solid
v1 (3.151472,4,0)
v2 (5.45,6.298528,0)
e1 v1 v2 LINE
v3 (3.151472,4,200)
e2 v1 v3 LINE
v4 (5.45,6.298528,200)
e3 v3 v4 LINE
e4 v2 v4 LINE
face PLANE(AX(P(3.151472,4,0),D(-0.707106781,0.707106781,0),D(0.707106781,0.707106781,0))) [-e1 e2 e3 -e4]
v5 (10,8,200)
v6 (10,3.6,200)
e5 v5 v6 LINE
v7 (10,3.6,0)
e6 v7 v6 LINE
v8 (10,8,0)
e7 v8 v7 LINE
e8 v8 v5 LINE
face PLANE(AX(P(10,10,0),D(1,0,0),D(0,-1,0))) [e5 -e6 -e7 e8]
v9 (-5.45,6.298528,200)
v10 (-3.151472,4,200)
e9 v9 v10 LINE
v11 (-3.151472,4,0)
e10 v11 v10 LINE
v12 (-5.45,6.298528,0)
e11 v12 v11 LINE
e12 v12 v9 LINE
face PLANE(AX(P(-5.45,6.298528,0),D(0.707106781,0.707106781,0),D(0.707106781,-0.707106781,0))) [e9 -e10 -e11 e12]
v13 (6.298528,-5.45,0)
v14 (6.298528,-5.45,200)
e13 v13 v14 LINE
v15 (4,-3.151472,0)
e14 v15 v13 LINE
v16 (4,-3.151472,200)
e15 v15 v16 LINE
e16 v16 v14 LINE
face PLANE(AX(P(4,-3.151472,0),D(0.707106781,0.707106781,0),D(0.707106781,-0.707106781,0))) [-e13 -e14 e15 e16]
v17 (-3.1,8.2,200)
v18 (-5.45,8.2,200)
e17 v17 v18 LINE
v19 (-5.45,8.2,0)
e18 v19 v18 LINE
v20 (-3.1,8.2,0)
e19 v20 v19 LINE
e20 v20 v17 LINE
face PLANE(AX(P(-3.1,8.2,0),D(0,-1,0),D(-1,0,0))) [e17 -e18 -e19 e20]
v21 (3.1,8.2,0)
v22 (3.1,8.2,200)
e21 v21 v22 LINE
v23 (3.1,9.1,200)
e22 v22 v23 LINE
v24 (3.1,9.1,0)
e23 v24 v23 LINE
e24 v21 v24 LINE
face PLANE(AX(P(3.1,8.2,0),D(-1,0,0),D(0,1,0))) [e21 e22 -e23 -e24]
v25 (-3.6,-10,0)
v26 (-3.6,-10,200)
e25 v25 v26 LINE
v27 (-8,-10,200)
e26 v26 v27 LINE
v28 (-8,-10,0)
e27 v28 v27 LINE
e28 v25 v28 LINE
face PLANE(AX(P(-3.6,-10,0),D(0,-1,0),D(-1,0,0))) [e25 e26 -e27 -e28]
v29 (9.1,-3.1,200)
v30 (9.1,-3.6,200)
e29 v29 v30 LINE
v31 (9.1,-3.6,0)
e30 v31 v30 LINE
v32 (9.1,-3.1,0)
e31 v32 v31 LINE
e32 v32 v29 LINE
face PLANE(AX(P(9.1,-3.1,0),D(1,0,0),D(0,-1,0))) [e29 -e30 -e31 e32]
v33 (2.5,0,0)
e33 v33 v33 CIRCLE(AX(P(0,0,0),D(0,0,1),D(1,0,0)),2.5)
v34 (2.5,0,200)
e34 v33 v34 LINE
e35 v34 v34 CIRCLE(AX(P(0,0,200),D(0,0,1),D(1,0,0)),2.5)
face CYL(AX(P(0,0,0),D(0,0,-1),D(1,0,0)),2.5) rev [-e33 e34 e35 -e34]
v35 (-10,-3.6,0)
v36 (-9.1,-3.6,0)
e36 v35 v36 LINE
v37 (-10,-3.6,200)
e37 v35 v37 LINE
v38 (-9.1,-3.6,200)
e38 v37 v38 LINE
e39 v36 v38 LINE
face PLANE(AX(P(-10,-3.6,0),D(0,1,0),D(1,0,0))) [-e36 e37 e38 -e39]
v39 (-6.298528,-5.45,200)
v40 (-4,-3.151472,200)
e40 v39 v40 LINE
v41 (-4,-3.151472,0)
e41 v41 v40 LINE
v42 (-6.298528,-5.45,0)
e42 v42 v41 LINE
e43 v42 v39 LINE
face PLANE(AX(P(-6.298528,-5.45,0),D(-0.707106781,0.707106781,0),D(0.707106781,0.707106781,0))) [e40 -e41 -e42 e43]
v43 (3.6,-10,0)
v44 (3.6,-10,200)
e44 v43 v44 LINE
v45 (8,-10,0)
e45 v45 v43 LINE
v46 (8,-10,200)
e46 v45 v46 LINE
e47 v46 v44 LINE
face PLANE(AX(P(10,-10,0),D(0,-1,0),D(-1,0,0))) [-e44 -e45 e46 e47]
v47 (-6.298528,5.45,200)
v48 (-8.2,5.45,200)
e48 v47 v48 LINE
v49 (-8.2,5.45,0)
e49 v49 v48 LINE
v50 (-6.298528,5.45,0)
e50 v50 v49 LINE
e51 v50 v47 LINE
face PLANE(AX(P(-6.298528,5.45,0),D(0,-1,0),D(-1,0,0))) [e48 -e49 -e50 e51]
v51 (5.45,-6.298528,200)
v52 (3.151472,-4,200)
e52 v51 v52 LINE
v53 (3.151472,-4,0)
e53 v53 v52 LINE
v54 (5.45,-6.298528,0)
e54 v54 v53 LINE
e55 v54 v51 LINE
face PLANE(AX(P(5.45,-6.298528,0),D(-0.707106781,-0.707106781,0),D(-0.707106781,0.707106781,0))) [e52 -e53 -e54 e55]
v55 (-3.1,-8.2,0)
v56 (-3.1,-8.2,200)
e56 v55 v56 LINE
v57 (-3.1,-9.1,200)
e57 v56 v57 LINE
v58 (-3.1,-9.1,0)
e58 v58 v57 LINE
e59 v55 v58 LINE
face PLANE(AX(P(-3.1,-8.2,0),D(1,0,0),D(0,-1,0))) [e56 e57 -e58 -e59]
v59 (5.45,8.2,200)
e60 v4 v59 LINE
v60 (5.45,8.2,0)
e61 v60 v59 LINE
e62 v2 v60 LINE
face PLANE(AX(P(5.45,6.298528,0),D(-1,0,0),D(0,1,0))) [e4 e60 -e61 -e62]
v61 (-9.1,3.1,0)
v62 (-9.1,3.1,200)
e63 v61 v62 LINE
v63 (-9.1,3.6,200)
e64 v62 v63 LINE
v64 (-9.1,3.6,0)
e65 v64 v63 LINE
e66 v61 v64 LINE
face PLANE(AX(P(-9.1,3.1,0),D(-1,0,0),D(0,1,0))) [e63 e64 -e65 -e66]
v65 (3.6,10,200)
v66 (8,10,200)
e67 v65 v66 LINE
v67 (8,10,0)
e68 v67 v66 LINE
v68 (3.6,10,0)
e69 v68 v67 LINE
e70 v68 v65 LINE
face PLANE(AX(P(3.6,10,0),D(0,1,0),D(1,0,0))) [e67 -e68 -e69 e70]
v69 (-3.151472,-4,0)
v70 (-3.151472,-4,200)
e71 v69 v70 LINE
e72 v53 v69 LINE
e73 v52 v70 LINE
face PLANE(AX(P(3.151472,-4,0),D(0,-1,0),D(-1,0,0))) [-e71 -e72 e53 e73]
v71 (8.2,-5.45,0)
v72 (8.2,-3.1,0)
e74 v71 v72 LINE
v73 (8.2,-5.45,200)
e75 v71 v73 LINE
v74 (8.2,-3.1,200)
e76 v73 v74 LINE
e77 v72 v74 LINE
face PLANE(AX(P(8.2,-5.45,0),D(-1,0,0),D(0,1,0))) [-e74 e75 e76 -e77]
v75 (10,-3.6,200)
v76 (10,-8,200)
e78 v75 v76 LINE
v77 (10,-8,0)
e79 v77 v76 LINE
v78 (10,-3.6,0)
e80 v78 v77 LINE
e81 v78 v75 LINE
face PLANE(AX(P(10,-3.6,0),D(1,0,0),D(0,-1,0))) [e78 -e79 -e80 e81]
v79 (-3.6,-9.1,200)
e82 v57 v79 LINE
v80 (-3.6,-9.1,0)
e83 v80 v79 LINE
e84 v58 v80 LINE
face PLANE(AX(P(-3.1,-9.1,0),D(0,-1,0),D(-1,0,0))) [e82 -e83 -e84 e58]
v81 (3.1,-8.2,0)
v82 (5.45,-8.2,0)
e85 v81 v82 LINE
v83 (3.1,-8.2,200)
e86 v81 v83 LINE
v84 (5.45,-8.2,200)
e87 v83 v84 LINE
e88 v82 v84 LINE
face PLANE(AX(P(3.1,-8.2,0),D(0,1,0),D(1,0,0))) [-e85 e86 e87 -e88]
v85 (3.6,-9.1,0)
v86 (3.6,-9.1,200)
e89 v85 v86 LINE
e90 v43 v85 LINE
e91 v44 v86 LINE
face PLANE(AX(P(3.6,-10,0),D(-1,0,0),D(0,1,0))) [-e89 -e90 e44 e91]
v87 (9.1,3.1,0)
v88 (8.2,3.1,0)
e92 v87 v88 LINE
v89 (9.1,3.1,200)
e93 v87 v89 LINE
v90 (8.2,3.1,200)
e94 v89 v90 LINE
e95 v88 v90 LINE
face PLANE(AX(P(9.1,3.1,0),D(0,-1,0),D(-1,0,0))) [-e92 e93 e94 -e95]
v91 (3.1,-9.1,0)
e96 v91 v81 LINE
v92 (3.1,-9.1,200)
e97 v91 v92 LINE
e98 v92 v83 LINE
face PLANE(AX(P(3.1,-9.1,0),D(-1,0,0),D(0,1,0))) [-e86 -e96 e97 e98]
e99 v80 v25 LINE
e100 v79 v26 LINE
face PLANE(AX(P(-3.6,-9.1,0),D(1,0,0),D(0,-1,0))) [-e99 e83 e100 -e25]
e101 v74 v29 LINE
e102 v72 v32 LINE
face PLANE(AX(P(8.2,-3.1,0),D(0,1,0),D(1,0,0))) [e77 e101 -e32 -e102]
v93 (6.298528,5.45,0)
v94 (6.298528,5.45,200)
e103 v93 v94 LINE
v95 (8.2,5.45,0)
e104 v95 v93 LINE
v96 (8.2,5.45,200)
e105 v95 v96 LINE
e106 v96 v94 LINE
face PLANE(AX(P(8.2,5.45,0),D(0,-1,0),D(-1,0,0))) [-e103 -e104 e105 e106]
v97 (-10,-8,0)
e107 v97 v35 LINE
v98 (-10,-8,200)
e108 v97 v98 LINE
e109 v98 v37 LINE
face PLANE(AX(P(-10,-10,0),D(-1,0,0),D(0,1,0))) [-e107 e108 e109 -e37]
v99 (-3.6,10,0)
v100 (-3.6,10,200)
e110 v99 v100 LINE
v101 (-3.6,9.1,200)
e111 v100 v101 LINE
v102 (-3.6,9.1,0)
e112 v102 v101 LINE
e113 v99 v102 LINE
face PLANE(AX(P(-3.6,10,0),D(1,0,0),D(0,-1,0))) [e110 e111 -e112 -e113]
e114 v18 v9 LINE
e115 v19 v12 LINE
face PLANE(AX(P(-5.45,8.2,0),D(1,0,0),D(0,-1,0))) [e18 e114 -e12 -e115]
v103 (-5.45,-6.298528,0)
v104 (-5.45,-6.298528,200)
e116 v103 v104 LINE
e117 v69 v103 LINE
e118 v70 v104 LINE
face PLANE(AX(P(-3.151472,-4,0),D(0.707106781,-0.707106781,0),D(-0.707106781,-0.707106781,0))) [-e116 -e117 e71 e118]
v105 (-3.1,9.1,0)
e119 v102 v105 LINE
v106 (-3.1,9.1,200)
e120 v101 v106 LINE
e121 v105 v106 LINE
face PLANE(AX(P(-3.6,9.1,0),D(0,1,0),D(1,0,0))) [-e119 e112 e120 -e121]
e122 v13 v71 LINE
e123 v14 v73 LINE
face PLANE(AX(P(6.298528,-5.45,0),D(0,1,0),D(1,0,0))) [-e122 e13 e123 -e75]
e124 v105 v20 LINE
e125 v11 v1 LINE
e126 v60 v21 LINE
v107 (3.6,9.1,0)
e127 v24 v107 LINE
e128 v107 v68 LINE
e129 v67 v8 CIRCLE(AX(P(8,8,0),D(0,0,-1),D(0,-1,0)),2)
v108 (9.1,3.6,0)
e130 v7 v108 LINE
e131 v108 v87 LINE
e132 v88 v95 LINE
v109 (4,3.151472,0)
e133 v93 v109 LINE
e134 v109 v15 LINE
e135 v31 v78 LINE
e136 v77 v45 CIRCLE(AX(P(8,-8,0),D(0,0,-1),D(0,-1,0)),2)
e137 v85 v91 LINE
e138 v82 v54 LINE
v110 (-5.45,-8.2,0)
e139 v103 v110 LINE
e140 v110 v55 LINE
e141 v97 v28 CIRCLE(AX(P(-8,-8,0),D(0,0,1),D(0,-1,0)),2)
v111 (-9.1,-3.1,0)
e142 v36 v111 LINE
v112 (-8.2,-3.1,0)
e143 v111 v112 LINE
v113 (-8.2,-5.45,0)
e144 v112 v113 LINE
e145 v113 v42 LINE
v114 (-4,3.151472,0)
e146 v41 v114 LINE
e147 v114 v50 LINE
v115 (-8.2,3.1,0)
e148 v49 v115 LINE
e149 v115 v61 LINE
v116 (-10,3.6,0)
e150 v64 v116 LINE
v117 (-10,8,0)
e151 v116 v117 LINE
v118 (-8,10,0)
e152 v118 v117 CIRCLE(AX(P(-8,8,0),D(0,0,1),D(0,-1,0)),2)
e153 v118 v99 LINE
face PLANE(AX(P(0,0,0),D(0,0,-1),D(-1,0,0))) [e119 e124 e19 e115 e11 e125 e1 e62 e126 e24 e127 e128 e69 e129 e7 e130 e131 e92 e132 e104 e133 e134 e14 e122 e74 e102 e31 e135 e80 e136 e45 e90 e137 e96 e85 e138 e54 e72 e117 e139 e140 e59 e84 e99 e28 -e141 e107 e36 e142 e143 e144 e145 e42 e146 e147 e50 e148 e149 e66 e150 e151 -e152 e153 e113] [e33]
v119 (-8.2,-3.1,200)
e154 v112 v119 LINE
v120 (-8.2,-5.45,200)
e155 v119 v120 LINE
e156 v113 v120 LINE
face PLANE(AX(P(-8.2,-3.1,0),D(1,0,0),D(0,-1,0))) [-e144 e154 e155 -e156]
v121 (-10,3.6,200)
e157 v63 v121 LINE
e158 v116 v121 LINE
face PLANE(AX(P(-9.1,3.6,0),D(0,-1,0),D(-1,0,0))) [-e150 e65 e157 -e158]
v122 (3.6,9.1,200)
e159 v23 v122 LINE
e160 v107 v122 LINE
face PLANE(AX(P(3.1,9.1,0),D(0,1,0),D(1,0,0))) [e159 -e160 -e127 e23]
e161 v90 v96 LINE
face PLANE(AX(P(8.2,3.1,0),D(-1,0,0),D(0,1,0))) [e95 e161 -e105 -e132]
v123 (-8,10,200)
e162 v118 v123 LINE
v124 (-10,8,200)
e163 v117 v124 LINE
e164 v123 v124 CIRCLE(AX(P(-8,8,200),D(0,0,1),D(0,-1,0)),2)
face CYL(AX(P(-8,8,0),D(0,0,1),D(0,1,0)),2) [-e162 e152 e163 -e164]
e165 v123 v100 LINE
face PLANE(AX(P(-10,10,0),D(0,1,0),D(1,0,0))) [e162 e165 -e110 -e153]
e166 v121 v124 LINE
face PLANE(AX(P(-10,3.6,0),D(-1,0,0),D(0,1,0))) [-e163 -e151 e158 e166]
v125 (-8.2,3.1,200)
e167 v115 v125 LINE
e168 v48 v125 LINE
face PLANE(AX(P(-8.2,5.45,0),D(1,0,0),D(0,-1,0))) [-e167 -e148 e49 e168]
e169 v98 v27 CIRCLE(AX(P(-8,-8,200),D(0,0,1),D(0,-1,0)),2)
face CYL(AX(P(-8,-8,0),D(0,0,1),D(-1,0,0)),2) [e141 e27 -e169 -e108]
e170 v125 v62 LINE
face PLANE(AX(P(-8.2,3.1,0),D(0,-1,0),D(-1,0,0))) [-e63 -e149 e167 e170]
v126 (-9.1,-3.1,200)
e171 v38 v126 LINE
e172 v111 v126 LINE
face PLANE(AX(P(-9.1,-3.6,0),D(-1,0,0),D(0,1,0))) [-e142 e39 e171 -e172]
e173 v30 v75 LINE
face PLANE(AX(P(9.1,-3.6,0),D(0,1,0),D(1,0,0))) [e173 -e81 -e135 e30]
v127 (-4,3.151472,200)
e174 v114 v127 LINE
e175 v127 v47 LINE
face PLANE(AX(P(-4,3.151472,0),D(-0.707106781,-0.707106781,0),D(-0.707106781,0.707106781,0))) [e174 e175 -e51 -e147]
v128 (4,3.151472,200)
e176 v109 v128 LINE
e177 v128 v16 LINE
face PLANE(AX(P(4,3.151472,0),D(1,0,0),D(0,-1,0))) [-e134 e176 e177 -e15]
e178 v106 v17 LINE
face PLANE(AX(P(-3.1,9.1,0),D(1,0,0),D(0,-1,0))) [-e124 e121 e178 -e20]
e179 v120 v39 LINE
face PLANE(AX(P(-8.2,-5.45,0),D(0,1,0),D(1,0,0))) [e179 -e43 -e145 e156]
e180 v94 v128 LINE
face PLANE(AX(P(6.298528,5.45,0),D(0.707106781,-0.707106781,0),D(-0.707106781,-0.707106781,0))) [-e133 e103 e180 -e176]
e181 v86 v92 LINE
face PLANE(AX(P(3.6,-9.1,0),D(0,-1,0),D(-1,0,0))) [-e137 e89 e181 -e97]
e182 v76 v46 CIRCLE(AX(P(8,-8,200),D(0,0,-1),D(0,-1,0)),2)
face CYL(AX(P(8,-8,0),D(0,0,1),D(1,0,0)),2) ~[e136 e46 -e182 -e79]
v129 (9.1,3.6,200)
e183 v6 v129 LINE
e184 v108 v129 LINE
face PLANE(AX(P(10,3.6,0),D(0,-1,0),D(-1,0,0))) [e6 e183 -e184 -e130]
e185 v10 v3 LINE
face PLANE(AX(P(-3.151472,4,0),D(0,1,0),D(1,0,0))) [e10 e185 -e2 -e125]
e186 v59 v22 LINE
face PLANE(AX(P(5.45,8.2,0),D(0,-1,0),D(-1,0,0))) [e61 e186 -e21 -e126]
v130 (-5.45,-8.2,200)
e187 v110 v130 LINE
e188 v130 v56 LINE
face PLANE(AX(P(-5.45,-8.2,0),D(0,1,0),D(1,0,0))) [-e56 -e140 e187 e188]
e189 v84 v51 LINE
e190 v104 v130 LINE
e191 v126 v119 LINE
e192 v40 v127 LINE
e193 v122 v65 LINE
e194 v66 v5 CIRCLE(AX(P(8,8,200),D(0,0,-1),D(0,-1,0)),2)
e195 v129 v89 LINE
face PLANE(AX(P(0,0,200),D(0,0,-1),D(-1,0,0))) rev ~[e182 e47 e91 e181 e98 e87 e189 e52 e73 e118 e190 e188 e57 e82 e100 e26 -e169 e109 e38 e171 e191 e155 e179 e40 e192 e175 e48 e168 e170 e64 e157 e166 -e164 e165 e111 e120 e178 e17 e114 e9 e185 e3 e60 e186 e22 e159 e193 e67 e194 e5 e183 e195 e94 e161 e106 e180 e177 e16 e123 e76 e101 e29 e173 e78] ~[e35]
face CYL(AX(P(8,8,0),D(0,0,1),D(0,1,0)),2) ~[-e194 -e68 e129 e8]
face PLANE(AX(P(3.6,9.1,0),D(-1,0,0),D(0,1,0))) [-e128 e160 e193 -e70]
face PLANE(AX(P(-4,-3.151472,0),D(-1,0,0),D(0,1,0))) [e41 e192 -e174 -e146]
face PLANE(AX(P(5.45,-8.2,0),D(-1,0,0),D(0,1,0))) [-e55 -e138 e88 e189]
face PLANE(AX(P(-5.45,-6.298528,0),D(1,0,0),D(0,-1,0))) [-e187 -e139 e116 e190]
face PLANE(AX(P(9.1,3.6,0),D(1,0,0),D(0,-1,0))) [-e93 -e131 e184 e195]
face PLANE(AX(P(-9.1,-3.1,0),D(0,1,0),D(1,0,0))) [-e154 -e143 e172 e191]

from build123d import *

# Parameters (mm, degrees)
SKETCH_1_R      = 2.5
EXTRUDE_1_DEPTH = 200
FILLET_1_R      = 2


with BuildPart() as part:
    # 草图1 → 凸台-拉伸1 (new body)
    with BuildSketch(Plane.XY):
        Polygon((-3.151471863, 4), (3.151471863, 4), (5.45, 6.298528137), (5.45, 8.2), (3.1, 8.2), (3.1, 9.1), (3.6, 9.1), (3.6, 10), (10, 10), (10, 3.6), (9.1, 3.6), (9.1, 3.1), (8.2, 3.1), (8.2, 5.45), (6.298528137, 5.45), (4, 3.151471863), (4, -3.151471863), (6.298528137, -5.45), (8.2, -5.45), (8.2, -3.1), (9.1, -3.1), (9.1, -3.6), (10, -3.6), (10, -10), (3.6, -10), (3.6, -9.1), (3.1, -9.1), (3.1, -8.2), (5.45, -8.2), (5.45, -6.298528137), (3.151471863, -4), (-3.151471863, -4), (-5.45, -6.298528137), (-5.45, -8.2), (-3.1, -8.2), (-3.1, -9.1), (-3.6, -9.1), (-3.6, -10), (-10, -10), (-10, -3.6), (-9.1, -3.6), (-9.1, -3.1), (-8.2, -3.1), (-8.2, -5.45), (-6.298528137, -5.45), (-4, -3.151471863), (-4, 3.151471863), (-6.298528137, 5.45), (-8.2, 5.45), (-8.2, 3.1), (-9.1, 3.1), (-9.1, 3.6), (-10, 3.6), (-10, 10), (-3.6, 10), (-3.6, 9.1), (-3.1, 9.1), (-3.1, 8.2), (-5.45, 8.2), (-5.45, 6.298528137), align=None)
        Circle(SKETCH_1_R, mode=Mode.SUBTRACT)
    extrude(amount=EXTRUDE_1_DEPTH)

    # 圆角1
    fillet_1_edges = [part.edges().sort_by_distance(p)[0] for p in [
        (10, -10, 100),
        (-10, -10, 100),
        (-10, 10, 100),
        (10, 10, 100),
    ]]
    fillet(fillet_1_edges, radius=FILLET_1_R)


solid = part.part
